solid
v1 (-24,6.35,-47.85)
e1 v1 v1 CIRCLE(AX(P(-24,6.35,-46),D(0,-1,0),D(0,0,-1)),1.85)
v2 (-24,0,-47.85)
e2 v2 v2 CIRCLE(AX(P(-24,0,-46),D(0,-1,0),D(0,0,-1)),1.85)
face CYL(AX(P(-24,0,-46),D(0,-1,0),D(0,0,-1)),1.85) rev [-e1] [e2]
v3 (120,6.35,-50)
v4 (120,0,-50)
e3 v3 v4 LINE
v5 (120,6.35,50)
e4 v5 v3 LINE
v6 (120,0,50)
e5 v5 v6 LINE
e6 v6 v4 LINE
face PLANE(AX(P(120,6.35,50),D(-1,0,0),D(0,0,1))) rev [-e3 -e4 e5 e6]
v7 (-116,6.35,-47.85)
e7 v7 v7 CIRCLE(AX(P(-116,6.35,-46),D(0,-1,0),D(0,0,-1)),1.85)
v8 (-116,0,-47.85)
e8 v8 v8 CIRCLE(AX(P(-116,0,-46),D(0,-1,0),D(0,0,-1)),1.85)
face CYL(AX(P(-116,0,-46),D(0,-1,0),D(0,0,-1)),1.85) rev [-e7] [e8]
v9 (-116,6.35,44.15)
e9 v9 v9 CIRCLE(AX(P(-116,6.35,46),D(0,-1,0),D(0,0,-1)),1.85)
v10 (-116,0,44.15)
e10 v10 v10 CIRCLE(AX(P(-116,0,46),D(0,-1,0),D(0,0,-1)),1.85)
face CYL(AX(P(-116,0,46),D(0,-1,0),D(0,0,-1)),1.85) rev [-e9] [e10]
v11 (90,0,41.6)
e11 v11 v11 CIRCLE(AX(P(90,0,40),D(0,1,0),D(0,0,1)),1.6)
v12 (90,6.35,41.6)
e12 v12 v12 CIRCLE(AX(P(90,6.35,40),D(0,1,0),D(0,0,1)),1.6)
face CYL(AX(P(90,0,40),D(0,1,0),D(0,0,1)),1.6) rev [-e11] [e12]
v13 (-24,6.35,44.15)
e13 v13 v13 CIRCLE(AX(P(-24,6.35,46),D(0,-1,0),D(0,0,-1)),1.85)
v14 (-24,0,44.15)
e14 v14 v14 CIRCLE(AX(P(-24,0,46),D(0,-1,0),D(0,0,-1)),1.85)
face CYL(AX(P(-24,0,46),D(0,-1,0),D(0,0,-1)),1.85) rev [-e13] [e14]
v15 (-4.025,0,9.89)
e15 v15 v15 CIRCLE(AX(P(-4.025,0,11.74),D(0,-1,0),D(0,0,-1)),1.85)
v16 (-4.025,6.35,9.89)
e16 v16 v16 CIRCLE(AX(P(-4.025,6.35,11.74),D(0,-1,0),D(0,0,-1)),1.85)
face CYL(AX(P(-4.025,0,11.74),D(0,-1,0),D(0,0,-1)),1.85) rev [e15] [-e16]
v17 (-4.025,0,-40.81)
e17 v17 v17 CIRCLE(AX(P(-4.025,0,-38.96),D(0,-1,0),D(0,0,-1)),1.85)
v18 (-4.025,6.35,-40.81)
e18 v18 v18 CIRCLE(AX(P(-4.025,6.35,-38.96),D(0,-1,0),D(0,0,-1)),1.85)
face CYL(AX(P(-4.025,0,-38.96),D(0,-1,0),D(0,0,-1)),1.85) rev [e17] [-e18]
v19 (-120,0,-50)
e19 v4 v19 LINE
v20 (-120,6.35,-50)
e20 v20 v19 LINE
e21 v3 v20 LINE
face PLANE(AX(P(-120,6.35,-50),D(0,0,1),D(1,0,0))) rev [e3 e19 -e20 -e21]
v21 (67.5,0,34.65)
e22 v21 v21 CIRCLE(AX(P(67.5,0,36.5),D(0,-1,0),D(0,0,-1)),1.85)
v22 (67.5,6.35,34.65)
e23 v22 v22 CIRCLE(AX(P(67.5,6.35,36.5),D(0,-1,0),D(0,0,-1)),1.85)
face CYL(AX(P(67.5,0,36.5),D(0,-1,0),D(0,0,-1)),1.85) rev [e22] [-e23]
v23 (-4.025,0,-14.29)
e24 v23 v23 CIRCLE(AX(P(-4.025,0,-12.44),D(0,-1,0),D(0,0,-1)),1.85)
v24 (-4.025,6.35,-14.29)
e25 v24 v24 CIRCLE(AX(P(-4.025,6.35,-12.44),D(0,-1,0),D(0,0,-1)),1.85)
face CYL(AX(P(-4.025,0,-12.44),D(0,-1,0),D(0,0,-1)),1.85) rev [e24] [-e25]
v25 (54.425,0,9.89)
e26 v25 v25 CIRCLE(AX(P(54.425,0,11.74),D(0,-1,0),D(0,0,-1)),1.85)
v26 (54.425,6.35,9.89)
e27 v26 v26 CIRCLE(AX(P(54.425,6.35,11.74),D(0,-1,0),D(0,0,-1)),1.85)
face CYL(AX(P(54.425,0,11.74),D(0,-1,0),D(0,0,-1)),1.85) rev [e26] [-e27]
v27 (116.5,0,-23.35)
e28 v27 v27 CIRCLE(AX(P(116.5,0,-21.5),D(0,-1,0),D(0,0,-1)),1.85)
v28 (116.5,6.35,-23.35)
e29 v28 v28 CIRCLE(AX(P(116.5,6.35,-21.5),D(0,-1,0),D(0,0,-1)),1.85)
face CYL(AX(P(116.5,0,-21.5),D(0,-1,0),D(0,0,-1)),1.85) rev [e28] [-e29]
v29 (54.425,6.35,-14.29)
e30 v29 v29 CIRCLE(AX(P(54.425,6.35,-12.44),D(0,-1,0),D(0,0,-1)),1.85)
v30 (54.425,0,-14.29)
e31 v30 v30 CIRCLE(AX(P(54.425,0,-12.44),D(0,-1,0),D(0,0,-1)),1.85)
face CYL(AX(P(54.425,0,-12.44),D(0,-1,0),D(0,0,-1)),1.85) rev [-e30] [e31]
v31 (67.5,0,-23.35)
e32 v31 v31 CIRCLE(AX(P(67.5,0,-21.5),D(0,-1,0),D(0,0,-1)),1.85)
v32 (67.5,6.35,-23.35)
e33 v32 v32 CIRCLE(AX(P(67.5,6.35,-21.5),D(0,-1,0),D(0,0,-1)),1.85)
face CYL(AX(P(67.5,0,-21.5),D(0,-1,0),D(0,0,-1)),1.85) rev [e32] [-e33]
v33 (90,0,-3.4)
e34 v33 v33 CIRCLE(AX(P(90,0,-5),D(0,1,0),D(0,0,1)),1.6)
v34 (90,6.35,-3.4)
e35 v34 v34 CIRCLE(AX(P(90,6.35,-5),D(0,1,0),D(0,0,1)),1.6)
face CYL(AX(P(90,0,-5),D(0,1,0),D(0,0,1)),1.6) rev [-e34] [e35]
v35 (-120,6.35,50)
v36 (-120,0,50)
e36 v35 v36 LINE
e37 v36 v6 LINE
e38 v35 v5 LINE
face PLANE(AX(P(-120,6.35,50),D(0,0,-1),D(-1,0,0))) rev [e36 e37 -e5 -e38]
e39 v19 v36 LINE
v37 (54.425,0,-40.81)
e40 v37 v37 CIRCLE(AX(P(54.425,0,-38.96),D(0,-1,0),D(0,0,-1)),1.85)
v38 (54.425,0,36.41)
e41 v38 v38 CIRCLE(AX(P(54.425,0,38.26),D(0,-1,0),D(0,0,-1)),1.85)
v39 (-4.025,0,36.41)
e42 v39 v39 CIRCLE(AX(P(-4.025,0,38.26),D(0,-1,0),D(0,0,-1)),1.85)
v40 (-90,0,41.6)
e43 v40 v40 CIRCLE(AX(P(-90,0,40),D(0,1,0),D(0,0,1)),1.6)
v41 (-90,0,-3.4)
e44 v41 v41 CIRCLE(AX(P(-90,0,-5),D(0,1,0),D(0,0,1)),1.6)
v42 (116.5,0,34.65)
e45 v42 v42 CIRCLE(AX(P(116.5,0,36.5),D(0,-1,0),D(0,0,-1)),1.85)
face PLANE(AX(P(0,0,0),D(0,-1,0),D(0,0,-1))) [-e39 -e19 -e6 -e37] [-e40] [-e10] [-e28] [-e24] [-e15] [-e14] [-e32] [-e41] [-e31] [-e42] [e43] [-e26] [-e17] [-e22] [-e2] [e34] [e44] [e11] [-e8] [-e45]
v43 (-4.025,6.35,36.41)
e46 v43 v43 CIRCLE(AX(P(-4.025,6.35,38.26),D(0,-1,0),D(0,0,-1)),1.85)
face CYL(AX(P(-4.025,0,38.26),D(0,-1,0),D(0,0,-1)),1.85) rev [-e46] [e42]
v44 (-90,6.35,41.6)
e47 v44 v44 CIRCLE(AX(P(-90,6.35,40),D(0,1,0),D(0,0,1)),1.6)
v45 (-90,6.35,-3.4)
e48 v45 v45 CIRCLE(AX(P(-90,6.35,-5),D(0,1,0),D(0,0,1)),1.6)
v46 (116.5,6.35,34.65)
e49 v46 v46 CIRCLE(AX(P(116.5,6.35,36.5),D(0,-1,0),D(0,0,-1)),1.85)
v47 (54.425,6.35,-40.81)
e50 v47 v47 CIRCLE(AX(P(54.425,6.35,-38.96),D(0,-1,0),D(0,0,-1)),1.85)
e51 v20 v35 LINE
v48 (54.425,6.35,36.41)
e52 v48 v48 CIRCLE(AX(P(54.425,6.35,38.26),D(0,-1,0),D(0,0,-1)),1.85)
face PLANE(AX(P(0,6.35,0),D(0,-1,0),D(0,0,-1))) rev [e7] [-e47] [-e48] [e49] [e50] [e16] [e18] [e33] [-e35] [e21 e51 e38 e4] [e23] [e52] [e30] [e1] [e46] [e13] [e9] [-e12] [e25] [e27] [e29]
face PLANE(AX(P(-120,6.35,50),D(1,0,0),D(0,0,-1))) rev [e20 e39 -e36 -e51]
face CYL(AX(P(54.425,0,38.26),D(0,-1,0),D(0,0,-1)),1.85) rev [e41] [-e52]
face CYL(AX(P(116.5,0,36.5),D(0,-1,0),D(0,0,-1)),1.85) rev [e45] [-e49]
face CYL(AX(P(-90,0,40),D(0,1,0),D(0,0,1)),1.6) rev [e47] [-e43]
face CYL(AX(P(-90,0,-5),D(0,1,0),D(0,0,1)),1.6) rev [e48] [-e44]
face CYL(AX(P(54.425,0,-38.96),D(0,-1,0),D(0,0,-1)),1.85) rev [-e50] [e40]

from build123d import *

# Parameters (mm, degrees)
SKETCH1_W                       = 240
SKETCH1_H                       = 100
BOSS_EXTRUDE1_DEPTH             = 6.35
F_3_0MM_CLEARANCE_DOWEL_HOLE2_D = 3.7
SKETCH6_R                       = 1.6
CUT_EXTRUDE1_DEPTH              = 131.154994142


with BuildPart() as part:
    # Sketch1 → Boss-Extrude1 (new body)
    with BuildSketch(Plane(origin=(0, 0, 0), x_dir=(1, 0, 0), z_dir=(0, 1, 0))):
        Rectangle(SKETCH1_W, SKETCH1_H)
    extrude(amount=BOSS_EXTRUDE1_DEPTH)

    # Ø3.0mm Clearance Dowel Hole2 (through all)
    with Locations(Plane(origin=(-50.304100292, 0, 69.560858654), x_dir=(-1, 0, 0), z_dir=(0, -1, 0))):
        with Locations((-46.279100292, 82.000858654), (-26.304100292, 115.560858654), (-46.279100292, 108.520858654), (-46.279100292, 57.820858654), (-46.279100292, 31.300858654), (-26.304100292, 23.560858654), (65.695899708, 23.560858654), (-104.729100292, 31.300858654), (-104.729100292, 57.820858654), (-104.729100292, 82.000858654), (-104.729100292, 108.520858654), (-166.804100292, 33.060858654), (-166.804100292, 91.060858654), (-117.804100292, 91.060858654), (-117.804100292, 33.060858654), (65.695899708, 115.560858654)):
            Hole(F_3_0MM_CLEARANCE_DOWEL_HOLE2_D / 2)

    # Sketch6 → Cut-Extrude1 (cut, through all)
    with BuildSketch(Plane(origin=(0, 6.35, 0), x_dir=(1, 0, 0), z_dir=(0, 1, 0))):
        with Locations(Location((-90, 5, 0), (0, 0, 270))):
            Circle(SKETCH6_R)
        with Locations(Location((-90, -40, 0), (0, 0, 270))):
            Circle(SKETCH6_R)
        with Locations(Location((90, 5, 0), (0, 0, 270))):
            Circle(SKETCH6_R)
        with Locations(Location((90, -40, 0), (0, 0, 270))):
            Circle(SKETCH6_R)
    extrude(amount=-CUT_EXTRUDE1_DEPTH, mode=Mode.SUBTRACT)


solid = part.part
